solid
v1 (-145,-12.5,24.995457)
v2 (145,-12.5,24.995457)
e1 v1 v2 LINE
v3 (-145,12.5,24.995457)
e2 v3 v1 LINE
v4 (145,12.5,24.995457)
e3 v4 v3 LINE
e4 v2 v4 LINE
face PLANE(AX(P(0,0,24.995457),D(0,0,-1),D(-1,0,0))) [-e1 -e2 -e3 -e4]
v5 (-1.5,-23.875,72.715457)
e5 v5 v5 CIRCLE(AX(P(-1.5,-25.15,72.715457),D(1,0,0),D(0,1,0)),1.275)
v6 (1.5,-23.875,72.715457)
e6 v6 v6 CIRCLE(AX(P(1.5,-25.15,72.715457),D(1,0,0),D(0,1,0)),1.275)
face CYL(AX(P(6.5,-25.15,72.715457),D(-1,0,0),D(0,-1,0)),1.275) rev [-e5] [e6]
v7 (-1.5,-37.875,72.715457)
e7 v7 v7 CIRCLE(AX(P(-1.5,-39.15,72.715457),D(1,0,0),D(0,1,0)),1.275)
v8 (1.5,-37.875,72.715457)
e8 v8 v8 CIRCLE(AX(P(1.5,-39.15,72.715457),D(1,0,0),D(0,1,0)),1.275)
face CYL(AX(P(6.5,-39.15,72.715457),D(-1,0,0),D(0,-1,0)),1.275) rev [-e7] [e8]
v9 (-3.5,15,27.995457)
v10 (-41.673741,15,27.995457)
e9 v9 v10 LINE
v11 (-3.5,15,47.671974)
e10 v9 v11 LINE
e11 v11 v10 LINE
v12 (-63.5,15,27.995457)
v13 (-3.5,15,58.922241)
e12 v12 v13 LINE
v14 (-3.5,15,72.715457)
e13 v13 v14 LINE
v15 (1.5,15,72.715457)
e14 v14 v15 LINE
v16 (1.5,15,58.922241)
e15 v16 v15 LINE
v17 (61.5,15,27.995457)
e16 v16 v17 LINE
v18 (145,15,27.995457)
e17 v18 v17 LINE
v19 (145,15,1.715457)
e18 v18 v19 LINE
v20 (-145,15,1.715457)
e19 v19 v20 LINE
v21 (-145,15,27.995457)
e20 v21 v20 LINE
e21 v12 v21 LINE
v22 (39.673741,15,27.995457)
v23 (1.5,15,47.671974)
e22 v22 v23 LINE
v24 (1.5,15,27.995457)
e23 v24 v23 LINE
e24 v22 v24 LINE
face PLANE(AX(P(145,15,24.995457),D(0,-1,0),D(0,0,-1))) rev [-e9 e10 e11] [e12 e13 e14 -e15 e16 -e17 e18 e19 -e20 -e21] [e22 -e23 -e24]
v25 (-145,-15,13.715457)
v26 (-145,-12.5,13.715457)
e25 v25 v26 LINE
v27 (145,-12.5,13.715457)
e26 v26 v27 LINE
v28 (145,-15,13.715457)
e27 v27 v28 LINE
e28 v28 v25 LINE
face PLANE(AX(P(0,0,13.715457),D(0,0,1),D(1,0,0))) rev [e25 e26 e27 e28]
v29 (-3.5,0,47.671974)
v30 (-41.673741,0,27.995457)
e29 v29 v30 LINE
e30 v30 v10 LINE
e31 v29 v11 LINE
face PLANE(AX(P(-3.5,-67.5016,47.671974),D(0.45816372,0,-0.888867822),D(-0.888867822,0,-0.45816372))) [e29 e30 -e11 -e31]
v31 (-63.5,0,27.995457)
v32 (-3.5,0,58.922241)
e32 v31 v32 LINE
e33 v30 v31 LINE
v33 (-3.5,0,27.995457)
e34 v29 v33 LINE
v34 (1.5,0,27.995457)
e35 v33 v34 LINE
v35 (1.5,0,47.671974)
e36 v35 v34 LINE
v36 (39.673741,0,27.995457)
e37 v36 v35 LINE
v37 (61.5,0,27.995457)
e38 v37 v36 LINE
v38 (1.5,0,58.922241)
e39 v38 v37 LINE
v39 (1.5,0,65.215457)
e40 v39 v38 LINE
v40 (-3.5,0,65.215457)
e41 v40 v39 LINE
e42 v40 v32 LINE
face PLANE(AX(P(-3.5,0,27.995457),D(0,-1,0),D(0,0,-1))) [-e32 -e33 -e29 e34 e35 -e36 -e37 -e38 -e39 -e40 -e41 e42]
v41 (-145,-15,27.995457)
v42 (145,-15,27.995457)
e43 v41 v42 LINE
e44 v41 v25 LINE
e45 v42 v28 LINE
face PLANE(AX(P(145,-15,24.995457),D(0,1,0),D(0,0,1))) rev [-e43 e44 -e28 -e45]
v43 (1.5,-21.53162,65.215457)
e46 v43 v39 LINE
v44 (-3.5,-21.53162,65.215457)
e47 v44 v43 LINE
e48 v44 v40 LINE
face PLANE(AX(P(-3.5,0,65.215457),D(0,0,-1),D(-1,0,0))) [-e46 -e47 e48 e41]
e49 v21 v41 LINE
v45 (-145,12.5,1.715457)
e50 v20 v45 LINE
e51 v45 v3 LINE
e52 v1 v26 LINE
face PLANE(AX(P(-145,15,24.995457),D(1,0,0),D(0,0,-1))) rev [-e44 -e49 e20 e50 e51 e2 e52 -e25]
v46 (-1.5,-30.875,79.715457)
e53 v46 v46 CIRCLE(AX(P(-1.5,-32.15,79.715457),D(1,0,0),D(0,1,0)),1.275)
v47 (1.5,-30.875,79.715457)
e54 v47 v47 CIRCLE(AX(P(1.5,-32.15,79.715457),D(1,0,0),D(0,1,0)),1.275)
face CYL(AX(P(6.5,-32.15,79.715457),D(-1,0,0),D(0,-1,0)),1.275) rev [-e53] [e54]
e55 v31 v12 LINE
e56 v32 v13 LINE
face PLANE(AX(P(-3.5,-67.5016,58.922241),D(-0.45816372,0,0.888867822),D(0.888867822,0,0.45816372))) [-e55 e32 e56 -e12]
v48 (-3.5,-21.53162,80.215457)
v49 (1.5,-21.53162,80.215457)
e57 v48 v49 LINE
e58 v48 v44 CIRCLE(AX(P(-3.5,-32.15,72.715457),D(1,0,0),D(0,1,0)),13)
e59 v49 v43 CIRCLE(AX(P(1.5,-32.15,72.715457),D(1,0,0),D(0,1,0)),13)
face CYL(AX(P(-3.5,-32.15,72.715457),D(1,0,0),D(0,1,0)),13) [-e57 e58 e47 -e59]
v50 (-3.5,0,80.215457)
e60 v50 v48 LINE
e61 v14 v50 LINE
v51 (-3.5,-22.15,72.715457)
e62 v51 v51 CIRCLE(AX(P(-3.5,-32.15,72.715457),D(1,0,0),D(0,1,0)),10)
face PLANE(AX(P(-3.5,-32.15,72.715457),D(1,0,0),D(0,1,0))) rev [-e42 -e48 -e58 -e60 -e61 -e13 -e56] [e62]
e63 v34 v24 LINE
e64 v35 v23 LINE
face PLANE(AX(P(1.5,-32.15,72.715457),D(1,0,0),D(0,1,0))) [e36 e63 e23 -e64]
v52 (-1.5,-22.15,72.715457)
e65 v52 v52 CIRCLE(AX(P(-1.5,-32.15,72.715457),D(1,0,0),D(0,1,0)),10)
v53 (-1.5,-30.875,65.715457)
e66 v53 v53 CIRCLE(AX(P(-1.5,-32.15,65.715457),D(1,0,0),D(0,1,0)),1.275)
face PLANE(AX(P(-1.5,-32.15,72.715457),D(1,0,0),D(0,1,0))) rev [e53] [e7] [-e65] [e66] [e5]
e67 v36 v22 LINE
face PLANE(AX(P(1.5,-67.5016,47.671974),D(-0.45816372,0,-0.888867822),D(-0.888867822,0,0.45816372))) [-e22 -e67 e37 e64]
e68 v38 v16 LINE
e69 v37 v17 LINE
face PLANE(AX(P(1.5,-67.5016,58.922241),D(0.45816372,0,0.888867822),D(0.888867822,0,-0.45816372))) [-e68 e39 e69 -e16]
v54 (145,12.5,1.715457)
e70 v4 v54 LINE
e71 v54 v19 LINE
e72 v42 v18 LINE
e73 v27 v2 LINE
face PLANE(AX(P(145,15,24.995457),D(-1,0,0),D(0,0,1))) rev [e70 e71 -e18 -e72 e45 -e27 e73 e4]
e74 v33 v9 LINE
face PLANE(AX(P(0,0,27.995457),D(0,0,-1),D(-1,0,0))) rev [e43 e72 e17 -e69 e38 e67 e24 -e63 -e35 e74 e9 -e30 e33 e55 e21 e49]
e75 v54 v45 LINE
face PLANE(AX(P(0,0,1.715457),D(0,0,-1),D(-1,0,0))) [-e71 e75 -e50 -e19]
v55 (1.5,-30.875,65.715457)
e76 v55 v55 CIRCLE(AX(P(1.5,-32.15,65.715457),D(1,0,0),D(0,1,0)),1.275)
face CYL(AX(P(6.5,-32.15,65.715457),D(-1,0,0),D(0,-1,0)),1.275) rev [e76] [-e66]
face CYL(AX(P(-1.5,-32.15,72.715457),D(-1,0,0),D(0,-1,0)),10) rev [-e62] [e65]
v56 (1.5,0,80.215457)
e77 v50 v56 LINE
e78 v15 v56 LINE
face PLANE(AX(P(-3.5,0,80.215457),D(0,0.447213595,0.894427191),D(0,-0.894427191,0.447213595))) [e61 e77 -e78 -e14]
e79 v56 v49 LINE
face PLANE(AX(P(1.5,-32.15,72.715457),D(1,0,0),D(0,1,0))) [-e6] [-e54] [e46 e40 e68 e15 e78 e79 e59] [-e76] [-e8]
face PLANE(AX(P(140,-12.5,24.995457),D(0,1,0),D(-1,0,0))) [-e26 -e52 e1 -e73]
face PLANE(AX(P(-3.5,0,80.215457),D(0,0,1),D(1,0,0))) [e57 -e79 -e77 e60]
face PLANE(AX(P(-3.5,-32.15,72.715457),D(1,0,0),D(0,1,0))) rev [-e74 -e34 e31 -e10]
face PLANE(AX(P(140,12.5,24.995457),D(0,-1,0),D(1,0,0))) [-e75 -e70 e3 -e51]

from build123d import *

# Parameters (mm, degrees)
SKETCH2_W                = 290
SKETCH2_H                = 30
SKETCH2_W_2              = 280
SKETCH2_H_2              = 25
BOSS_EXTRUDE1_DEPTH      = 23.28
SKETCH3_W                = 290
SKETCH3_H                = 30
BOSS_EXTRUDE2_DEPTH      = 3
SKETCH4_W                = 23.28
SKETCH4_H                = 25
CUT_EXTRUDE1_DEPTH       = 1
CUT_EXTRUDE1_DEPTH_BACK  = 291
BOSS_EXTRUDE3_DEPTH      = 2
BOSS_EXTRUDE3_DEPTH_BACK = 3
SKETCH6_R                = 10
CUT_EXTRUDE2_DEPTH       = 2
SKETCH7_R                = 1.275
CUT_EXTRUDE3_DEPTH       = 10
SKETCH8_W                = 290
SKETCH8_H                = 2.5
CUT_EXTRUDE4_DEPTH       = 12
BOSS_EXTRUDE4_DEPTH      = 15


with BuildPart() as part:
    # Sketch2 → Boss-Extrude1 (new body)
    with BuildSketch(Plane.XY.offset(1.715456747)):
        Rectangle(SKETCH2_W, SKETCH2_H)
        Rectangle(SKETCH2_W_2, SKETCH2_H_2, mode=Mode.SUBTRACT)
    extrude(amount=BOSS_EXTRUDE1_DEPTH)

    # Sketch3 → Boss-Extrude2 (add)
    with BuildSketch(Plane.XY.offset(24.995456747)):
        Rectangle(SKETCH3_W, SKETCH3_H)
    extrude(amount=BOSS_EXTRUDE2_DEPTH)

    # Sketch4 → Cut-Extrude1 (cut, two sides)
    with BuildSketch(Plane(origin=(145, 0, 0), x_dir=(0, 0, -1), z_dir=(1, 0, 0))) as cut_extrude1_sk:
        with Locations((-13.355456747, 0)):
            Rectangle(SKETCH4_W, SKETCH4_H)
    extrude(amount=CUT_EXTRUDE1_DEPTH, mode=Mode.SUBTRACT)
    extrude(cut_extrude1_sk.sketch, amount=-CUT_EXTRUDE1_DEPTH_BACK, mode=Mode.SUBTRACT)

    # Sketch5 → Boss-Extrude3 (add, two sides)
    with BuildSketch(Plane(origin=(-0.5, 0, 0), x_dir=(0, 0, -1), z_dir=(1, 0, 0))) as boss_extrude3_sk:
        with BuildLine():
            Line((-27.995456747, 0), (-27.995456747, 15))
            Line((-27.995456747, 15), (-72.715456747, 15))
            Line((-72.715456747, 15), (-80.215456747, 0))
            Line((-80.215456747, 0), (-80.215456747, -21.531619709))
            ThreePointArc((-80.215456747, -21.531619709), (-72.715456747, -45.15), (-65.215456747, -21.531619709))
            Line((-65.215456747, -21.531619709), (-65.215456747, 0))
            Line((-65.215456747, 0), (-27.995456747, 0))
        make_face()
    extrude(amount=BOSS_EXTRUDE3_DEPTH)
    extrude(boss_extrude3_sk.sketch, amount=-BOSS_EXTRUDE3_DEPTH_BACK)

    # Sketch6 → Cut-Extrude2 (cut)
    with BuildSketch(Plane(origin=(-3.5, 0, 0), x_dir=(0, 0, -1), z_dir=(1, 0, 0))):
        with Locations((-72.715456747, -32.15)):
            Circle(SKETCH6_R)
    extrude(amount=CUT_EXTRUDE2_DEPTH, mode=Mode.SUBTRACT)

    # Sketch7 → Cut-Extrude3 (cut)
    with BuildSketch(Plane.ZY.offset(3.5)):
        with Locations((72.715456747, -25.15)):
            Circle(SKETCH7_R)
        with Locations((79.715456747, -32.15)):
            Circle(SKETCH7_R)
        with Locations((72.715456747, -39.15)):
            Circle(SKETCH7_R)
        with Locations((65.715456747, -32.15)):
            Circle(SKETCH7_R)
    extrude(amount=-CUT_EXTRUDE3_DEPTH, mode=Mode.SUBTRACT)

    # Sketch8 → Cut-Extrude4 (cut)
    with BuildSketch(Plane(origin=(0, 0, 1.715456747), x_dir=(-1, 0, 0), z_dir=(0, 0, -1))):
        with Locations((0, -13.75)):
            Rectangle(SKETCH8_W, SKETCH8_H)
    extrude(amount=-CUT_EXTRUDE4_DEPTH, mode=Mode.SUBTRACT)

    # Sketch9 → Boss-Extrude4 (add)
    with BuildSketch(Plane(origin=(0, 15, 0), x_dir=(1, 0, 0), z_dir=(0, 1, 0))):
        Polygon((-3.5, -58.92224084), (-63.5, -27.995456747), (-41.673741056, -27.995456747), (-3.5, -47.671974209), align=None)
        Polygon((61.5, -27.995456747), (39.673741056, -27.995456747), (1.5, -47.671974209), (1.5, -58.92224084), align=None)
    extrude(amount=-BOSS_EXTRUDE4_DEPTH)


solid = part.part
